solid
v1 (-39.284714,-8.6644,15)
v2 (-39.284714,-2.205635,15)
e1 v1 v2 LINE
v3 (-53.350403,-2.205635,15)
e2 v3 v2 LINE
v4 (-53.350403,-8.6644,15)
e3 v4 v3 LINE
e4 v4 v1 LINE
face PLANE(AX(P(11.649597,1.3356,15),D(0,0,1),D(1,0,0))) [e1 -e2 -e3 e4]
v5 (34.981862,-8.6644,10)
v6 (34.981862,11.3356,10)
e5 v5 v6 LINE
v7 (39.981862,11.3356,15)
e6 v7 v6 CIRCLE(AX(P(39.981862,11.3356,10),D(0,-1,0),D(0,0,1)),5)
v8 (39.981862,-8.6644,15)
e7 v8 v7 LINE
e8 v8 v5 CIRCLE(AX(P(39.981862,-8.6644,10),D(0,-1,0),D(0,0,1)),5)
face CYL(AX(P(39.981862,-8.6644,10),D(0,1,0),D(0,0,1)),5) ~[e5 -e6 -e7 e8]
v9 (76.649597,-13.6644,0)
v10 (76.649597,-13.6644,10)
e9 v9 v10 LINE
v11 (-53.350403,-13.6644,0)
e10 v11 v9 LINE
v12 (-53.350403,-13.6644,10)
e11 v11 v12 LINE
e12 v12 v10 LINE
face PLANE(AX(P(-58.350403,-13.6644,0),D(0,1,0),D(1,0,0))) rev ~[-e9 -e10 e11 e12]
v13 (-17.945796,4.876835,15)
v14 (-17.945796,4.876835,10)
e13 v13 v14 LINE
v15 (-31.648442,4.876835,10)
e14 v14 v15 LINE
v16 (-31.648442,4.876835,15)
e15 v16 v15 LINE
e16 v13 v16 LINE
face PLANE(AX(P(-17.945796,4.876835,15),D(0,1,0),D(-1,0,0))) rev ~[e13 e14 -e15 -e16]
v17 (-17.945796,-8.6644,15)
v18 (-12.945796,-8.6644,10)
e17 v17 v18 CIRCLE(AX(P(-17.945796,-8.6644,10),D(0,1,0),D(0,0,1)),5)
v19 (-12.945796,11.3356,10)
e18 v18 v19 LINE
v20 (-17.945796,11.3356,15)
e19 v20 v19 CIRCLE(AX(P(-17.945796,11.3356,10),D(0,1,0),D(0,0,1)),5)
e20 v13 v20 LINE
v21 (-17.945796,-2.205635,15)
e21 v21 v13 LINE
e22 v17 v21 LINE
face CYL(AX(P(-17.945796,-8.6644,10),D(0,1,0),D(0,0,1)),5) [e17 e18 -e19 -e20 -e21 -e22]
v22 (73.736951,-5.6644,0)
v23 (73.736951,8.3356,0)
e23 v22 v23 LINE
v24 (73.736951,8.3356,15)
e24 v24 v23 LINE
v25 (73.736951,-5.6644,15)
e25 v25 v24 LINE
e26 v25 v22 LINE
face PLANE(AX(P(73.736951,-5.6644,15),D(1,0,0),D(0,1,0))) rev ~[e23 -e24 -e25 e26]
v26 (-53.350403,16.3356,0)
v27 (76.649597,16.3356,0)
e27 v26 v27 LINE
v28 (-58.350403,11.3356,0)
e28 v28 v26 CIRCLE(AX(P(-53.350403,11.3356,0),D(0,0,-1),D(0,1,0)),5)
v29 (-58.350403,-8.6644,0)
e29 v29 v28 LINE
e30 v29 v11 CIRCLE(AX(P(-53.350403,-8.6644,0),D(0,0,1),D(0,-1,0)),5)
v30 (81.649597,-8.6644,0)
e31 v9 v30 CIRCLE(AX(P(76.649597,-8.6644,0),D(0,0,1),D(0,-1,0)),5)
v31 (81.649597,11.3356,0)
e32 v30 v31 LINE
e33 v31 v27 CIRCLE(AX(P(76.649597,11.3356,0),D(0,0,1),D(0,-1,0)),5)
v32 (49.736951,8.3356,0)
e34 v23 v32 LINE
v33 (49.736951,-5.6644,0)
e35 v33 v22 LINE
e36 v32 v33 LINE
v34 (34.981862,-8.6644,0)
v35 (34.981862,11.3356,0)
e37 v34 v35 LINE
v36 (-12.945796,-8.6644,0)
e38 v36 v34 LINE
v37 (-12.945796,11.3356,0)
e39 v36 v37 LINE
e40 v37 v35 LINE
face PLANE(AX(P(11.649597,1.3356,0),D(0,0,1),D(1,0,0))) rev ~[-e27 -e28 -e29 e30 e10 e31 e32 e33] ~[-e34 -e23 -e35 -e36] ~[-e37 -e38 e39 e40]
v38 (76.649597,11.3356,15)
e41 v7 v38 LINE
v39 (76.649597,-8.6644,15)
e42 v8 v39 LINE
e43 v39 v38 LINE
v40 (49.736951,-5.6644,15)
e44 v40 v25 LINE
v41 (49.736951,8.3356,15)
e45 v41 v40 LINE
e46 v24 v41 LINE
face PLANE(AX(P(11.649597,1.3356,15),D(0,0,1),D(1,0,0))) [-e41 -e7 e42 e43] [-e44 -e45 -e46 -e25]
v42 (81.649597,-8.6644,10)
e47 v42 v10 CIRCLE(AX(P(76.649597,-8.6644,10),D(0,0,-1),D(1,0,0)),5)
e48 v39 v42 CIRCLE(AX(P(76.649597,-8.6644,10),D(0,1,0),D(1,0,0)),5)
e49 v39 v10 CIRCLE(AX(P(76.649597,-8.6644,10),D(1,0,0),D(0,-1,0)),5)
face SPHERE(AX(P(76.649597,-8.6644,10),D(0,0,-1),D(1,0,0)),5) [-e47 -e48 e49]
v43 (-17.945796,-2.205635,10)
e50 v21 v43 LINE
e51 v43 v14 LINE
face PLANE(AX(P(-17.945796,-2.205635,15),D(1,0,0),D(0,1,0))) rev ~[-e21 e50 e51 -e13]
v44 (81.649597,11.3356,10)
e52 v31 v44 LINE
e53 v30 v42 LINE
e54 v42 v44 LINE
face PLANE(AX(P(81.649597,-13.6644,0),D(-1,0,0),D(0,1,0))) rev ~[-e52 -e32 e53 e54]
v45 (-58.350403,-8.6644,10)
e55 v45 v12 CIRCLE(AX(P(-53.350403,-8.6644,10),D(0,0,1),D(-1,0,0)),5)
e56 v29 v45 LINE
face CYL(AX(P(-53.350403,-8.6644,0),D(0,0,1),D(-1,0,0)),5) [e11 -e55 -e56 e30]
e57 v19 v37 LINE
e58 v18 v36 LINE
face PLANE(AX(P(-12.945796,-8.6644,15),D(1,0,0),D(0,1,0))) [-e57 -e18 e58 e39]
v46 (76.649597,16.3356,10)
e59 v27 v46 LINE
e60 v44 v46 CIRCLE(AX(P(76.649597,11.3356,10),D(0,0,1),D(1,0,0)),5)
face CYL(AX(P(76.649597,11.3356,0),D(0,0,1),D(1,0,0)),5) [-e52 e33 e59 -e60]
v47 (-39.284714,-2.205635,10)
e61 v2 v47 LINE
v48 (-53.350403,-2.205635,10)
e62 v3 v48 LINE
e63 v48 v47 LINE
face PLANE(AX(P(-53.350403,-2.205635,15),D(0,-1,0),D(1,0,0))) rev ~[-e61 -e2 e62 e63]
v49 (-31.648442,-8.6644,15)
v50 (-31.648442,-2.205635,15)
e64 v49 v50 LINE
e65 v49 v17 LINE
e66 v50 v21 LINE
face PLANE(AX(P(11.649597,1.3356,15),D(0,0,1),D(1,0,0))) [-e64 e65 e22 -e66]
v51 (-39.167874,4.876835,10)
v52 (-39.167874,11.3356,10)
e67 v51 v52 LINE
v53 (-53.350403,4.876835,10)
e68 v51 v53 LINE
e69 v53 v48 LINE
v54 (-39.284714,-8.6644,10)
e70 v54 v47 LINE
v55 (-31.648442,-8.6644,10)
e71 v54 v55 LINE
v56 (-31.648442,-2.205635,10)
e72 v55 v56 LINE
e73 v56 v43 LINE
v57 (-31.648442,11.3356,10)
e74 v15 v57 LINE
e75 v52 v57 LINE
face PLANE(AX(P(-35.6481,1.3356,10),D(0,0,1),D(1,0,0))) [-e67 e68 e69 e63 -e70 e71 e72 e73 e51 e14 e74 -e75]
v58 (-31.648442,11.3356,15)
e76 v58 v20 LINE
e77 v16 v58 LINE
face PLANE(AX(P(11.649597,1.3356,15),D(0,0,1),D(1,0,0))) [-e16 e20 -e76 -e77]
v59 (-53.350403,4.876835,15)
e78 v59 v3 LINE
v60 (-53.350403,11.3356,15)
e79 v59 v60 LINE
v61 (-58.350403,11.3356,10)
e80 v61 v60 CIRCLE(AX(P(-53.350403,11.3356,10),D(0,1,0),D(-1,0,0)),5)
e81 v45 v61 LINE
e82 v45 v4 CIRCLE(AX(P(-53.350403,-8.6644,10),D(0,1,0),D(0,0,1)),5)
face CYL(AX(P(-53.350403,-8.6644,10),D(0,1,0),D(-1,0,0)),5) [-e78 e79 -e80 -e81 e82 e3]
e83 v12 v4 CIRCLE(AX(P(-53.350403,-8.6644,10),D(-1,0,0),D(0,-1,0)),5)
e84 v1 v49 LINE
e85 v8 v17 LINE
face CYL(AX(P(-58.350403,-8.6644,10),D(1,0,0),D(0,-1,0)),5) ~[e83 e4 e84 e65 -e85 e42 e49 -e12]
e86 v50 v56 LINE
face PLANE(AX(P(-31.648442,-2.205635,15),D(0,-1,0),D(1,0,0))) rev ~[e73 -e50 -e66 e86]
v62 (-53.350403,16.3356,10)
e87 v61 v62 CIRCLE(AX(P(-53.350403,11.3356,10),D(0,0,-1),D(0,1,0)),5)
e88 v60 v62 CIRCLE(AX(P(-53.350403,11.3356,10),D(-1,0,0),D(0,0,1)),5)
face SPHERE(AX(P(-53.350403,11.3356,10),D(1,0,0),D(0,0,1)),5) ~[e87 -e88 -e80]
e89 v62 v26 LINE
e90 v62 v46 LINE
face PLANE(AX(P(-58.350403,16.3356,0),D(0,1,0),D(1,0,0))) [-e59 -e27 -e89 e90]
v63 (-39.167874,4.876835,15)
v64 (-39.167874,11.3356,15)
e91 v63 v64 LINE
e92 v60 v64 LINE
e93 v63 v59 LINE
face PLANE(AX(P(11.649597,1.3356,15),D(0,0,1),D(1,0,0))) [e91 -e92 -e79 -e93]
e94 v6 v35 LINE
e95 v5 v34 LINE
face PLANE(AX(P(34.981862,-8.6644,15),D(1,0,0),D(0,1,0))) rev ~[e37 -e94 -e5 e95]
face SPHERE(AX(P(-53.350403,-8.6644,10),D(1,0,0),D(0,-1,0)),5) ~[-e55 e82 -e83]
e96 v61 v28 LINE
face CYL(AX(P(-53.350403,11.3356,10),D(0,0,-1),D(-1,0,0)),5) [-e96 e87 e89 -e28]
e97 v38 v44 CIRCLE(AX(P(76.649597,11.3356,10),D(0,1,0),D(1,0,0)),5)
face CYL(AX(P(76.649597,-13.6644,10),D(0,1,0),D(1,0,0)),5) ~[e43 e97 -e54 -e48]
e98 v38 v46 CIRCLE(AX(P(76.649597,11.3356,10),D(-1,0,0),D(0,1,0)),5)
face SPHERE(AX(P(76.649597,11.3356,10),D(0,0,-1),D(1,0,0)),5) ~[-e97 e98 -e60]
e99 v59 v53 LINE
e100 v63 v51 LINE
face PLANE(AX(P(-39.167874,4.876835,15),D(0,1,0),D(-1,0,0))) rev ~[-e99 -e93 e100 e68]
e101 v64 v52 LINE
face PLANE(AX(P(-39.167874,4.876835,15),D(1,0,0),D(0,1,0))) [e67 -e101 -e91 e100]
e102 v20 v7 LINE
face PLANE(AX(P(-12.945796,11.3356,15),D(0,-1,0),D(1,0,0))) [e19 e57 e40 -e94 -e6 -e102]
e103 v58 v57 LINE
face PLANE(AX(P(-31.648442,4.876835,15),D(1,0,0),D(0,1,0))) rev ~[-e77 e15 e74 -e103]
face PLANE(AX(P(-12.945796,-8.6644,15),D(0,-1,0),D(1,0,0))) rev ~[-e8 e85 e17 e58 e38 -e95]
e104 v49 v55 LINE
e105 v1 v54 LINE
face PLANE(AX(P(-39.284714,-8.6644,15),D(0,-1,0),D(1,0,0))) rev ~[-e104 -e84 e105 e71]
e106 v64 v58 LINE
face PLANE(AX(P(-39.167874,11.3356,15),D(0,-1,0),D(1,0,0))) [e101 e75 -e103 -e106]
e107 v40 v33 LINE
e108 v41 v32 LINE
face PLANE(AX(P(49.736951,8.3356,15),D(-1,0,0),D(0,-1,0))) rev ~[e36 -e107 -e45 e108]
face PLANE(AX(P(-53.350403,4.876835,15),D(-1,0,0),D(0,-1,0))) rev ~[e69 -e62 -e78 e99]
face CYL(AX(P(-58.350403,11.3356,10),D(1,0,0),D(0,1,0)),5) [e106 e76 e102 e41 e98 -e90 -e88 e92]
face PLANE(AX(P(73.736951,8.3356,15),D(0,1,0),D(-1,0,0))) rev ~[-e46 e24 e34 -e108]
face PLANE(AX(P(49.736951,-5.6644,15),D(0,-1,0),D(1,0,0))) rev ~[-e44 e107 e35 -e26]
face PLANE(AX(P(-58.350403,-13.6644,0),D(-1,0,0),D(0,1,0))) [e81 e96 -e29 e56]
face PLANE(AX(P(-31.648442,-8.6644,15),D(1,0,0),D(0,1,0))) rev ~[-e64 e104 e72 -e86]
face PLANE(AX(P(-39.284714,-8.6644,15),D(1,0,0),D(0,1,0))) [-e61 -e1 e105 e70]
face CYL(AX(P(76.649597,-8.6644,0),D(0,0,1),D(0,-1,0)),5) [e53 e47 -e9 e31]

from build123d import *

# Parameters (mm, degrees)
F0_W     = 140
F0_H     = 30
F1_DEPTH = 15
F2_R     = 5
F3_W     = 47.9276580736
F3_H     = 20
F4_DEPTH = 25
F5_R     = 5
F6_R     = 5
F8_DEPTH = 25
F7_W     = 7.5194314122
F7_H     = 6.4587649889
F7_W_2   = 7.6362714171
F9_DEPTH = 5


with BuildPart() as f1:
    # F0 (on Top) → F1 (new body)
    with BuildSketch(Plane.XY):
        with Locations((11.6495971382, 1.335599795)):
            Rectangle(F0_W, F0_H)
    extrude(amount=F1_DEPTH)

    # F2
    f2_edges = [f1.edges().sort_by_distance(p)[0] for p in [
        (81.649597, -13.6644, 7.5),
        (81.649597, 16.3356, 7.5),
        (81.649597, 1.3356, 15),
        (11.649597, -13.6644, 15),
        (11.649597, 16.3356, 15),
    ]]
    fillet(f2_edges, radius=F2_R)

    # F3 (on face) → F4 (cut)
    with BuildSketch(Plane.XY.offset(15)):
        with Locations((11.0180326737, 1.335599795)):
            Rectangle(F3_W, F3_H)
    extrude(amount=-F4_DEPTH, mode=Mode.SUBTRACT)

    # F5
    f5_edges = [f1.edges().sort_by_distance(p)[0] for p in [
        (-12.945796, 1.3356, 15),
        (34.981862, 1.3356, 15),
    ]]
    fillet(f5_edges, radius=F5_R)

    # F6
    f6_edges = [f1.edges().sort_by_distance(p)[0] for p in [
        (-58.350403, 1.3356, 15),
    ]]
    fillet(f6_edges, radius=F6_R)

    # F7 (on face) → F8 (cut)
    with BuildSketch(Plane.XY.offset(15)):
        Polygon((73.7369505465, 1.335599795), (73.7369505465, 8.335599795), (49.7369505465, 8.335599795), (49.7369505465, 1.335599795), (49.7369505465, -5.664400205), (73.7369505465, -5.664400205), align=None)
    extrude(amount=-F8_DEPTH, mode=Mode.SUBTRACT)

    # F7 (on face) → F9 (cut)
    with BuildSketch(Plane.XY.offset(15)):
        Polygon((-53.3504028618, 1.335599795), (-53.3504028618, -2.2056352161), (-39.2847135663, -2.2056352161), (-31.6484421492, -2.2056352161), (-17.9457963631, -2.2056352161), (-17.9457963631, 1.335599795), (-17.9457963631, 4.8768348061), (-31.6484421492, 4.8768348061), (-39.1678735614, 4.8768348061), (-53.3504028618, 4.8768348061), align=None)
        with Locations((-35.4081578553, 8.1062173005)):
            Rectangle(F7_W, F7_H)
        with Locations((-35.4665778577, -5.4350177106)):
            Rectangle(F7_W_2, F7_H)
    extrude(amount=-F9_DEPTH, mode=Mode.SUBTRACT)


solid = f1.part
